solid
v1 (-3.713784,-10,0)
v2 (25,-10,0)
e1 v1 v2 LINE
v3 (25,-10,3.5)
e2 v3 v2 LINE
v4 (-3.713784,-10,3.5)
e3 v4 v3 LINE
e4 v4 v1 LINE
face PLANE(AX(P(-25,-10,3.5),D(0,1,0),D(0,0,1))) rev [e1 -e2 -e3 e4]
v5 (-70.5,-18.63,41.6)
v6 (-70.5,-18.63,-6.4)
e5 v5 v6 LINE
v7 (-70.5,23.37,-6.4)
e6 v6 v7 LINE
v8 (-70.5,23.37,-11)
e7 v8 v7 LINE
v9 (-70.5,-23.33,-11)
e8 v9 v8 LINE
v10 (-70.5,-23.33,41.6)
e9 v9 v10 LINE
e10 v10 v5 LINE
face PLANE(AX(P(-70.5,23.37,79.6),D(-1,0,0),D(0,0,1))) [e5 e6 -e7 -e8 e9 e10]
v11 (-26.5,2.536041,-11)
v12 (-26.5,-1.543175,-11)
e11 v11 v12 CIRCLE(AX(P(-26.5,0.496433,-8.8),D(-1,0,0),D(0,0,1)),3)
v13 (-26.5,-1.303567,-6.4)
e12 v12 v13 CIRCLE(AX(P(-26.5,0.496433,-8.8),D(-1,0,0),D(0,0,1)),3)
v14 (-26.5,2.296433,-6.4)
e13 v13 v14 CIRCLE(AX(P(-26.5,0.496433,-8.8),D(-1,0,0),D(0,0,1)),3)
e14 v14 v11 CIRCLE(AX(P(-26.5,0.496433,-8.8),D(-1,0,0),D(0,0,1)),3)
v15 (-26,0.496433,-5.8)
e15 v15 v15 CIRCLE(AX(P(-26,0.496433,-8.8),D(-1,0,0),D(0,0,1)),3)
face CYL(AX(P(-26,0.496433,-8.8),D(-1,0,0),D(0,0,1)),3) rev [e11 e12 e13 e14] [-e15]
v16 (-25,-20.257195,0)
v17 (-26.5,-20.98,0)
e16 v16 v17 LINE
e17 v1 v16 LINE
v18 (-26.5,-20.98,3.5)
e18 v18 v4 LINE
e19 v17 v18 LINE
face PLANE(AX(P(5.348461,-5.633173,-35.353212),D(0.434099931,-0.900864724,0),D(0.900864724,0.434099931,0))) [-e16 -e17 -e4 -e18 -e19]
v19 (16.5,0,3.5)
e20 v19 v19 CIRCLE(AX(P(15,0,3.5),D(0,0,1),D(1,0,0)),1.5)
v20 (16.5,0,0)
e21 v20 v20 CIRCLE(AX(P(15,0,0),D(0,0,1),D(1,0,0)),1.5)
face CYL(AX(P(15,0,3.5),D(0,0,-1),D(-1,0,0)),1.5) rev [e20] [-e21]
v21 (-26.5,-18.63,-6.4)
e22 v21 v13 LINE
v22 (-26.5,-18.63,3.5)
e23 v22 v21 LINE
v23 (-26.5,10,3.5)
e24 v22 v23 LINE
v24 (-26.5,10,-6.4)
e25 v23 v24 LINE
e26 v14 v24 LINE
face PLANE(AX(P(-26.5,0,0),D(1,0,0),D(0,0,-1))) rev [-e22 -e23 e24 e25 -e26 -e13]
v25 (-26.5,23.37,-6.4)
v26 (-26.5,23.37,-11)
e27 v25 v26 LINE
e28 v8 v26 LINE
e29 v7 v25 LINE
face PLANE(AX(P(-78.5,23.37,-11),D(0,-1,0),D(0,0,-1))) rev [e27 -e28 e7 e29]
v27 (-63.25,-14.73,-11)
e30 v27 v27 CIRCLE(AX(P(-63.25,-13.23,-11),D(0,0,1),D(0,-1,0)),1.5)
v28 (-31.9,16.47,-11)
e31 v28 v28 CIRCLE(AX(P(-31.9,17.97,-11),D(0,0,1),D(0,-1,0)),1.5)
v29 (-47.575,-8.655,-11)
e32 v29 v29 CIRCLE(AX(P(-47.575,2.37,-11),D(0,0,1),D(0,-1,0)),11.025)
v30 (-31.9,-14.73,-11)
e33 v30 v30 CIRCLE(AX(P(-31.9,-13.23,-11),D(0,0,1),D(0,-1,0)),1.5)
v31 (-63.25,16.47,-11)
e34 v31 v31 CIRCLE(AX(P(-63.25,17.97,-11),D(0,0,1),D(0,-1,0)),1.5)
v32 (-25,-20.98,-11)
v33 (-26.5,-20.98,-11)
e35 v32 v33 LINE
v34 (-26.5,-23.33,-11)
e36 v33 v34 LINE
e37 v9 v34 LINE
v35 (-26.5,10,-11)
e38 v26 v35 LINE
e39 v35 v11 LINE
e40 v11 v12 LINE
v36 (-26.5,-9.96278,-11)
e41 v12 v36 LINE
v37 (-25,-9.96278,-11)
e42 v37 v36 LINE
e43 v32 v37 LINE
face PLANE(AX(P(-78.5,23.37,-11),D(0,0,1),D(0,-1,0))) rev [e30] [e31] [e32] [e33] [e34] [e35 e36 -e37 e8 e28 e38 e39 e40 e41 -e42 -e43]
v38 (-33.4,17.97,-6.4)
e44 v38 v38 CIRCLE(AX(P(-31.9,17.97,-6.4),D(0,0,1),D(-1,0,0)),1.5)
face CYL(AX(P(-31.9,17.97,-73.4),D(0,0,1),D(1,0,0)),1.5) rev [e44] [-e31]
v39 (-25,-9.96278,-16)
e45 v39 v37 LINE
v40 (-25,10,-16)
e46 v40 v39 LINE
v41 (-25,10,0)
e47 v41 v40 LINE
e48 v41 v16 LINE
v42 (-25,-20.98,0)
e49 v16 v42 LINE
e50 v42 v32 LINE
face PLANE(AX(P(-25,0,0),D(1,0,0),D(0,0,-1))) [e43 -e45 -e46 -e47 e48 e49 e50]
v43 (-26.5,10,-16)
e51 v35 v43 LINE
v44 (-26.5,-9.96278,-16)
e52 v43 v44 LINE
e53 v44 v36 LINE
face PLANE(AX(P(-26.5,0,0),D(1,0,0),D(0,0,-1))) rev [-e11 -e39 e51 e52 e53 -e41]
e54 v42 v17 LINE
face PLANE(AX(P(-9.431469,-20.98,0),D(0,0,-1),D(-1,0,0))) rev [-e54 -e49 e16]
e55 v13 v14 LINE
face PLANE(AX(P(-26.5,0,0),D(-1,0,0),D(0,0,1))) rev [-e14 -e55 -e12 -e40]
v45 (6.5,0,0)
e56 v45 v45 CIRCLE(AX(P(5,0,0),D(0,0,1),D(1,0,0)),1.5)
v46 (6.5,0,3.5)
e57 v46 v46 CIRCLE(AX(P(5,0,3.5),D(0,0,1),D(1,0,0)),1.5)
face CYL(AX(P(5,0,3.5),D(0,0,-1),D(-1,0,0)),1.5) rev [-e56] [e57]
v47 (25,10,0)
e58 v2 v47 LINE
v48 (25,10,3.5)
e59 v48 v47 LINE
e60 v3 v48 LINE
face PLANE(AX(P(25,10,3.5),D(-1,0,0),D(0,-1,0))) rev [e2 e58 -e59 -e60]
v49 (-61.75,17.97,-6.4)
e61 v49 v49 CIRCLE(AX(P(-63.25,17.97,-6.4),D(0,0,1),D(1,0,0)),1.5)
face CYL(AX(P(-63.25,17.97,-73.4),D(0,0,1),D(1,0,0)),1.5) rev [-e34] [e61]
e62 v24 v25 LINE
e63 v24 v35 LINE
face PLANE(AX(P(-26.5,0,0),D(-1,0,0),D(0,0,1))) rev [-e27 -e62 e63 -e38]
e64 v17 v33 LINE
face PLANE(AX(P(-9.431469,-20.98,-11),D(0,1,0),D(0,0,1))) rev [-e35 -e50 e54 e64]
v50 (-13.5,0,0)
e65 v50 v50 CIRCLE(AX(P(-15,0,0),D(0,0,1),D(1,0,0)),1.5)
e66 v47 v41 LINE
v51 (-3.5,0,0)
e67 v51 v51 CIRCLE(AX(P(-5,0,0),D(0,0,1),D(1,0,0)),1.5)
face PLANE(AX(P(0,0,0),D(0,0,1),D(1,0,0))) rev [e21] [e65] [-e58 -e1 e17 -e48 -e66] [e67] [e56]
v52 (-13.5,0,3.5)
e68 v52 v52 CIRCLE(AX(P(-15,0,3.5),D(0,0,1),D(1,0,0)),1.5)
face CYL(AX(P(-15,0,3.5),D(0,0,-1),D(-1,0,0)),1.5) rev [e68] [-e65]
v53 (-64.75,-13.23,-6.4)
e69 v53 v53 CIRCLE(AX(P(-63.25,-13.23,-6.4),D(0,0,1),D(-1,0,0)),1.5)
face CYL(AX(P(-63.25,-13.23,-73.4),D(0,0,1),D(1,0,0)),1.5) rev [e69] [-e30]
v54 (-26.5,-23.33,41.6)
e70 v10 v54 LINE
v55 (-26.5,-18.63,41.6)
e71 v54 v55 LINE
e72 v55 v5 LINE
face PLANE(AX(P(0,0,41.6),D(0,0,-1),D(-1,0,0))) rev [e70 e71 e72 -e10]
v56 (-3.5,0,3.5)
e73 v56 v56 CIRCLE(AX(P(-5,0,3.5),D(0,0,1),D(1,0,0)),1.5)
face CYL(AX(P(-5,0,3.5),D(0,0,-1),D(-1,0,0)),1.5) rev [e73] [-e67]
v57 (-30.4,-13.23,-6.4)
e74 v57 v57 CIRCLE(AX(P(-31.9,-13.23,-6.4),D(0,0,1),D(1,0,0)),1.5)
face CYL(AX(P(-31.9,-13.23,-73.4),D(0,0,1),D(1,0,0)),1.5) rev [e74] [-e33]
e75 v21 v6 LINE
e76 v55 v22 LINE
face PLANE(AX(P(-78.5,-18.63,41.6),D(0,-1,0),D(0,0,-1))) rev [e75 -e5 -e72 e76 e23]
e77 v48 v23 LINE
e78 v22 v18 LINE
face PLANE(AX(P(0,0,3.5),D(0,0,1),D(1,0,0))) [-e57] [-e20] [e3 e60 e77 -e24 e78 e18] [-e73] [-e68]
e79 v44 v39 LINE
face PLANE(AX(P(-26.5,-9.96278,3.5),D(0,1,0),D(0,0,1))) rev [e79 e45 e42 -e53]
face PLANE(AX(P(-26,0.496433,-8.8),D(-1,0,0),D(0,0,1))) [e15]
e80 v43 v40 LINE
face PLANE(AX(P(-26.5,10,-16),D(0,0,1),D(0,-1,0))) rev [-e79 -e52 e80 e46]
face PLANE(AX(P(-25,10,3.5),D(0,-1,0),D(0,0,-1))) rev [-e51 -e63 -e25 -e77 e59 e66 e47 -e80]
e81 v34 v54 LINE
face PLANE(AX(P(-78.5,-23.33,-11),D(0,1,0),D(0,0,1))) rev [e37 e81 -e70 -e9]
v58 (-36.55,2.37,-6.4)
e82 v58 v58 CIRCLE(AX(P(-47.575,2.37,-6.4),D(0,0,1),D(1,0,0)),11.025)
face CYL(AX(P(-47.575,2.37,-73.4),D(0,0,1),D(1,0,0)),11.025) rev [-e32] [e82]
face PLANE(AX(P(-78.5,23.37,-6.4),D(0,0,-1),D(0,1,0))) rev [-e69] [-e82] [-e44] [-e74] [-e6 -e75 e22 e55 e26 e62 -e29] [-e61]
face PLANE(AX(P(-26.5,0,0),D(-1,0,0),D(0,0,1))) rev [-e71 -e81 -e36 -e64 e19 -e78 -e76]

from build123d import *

# Parameters (mm, degrees)
IZIM1_W                      = 50
IZIM1_H                      = 20
IZIM1_R                      = 1.5
Y_KSEKLIK_EKSTR_ZYON1_DEPTH  = 3.5
IZIM2_W                      = 19.5
IZIM2_H                      = 19.962779687
IZIM2_R                      = 2
Y_KSEKLIK_EKSTR_ZYON2_DEPTH  = 1.5
IZIM4_R                      = 3
KES_EKSTR_ZYON1_DEPTH        = 0.5
IZIM5_W                      = 4.6
IZIM5_H                      = 46.7
Y_KSEKLIK_EKSTR_ZYON3_DEPTH  = 52
IZIM6_W                      = 52
IZIM6_H                      = 4.7
Y_KSEKLIK_EKSTR_ZYON4_DEPTH  = 48
IZIM7_R                      = 2
Y_KSEKLIK_EKSTR_ZYON7_DEPTH  = 1
IZIM8_R                      = 1.5
IZIM8_R_2                    = 11.025
KES_EKSTR_ZYON3_DEPTH        = 67
IZIM9_W                      = 8
IZIM9_H                      = 52.582189456
KES_EKSTR_ZYON4_DEPTH        = 86
IZIM10_W                     = 8
IZIM10_H                     = 54.08264119
KES_EKSTR_ZYON5_DEPTH        = 86
Y_KSEKLIK_EKSTR_ZYON13_DEPTH = 3.5
IZIM13_W                     = 11
IZIM13_H                     = 11.017220313
Y_KSEKLIK_EKSTR_ZYON15_DEPTH = 1.5


with BuildPart() as part:
    # Çizim1 → Yükseklik-Ekstrüzyon1 (new body)
    with BuildSketch(Plane.XY):
        Rectangle(IZIM1_W, IZIM1_H)
        with Locations((-15, 0)):
            Circle(IZIM1_R, mode=Mode.SUBTRACT)
        with Locations((-5, 0)):
            Circle(IZIM1_R, mode=Mode.SUBTRACT)
        with Locations((5, 0)):
            Circle(IZIM1_R, mode=Mode.SUBTRACT)
        with Locations((15, 0)):
            Circle(IZIM1_R, mode=Mode.SUBTRACT)
    extrude(amount=Y_KSEKLIK_EKSTR_ZYON1_DEPTH)

    # Çizim2 → Yükseklik-Ekstrüzyon2 (add)
    with BuildSketch(Plane.ZY.offset(25)):
        with Locations((-6.25, 0.018610156)):
            Rectangle(IZIM2_W, IZIM2_H)
        with Locations((-8.8, 0.496433055)):
            Circle(IZIM2_R, mode=Mode.SUBTRACT)
    extrude(amount=Y_KSEKLIK_EKSTR_ZYON2_DEPTH)

    # Çizim4 → Kes-Ekstrüzyon1 (cut)
    with BuildSketch(Plane.ZY.offset(26.5)):
        with Locations((-8.8, 0.496433055)):
            Circle(IZIM4_R)
    extrude(amount=-KES_EKSTR_ZYON1_DEPTH, mode=Mode.SUBTRACT)

    # Çizim5 → Yükseklik-Ekstrüzyon3 (add)
    with BuildSketch(Plane.ZY.offset(26.5)):
        with Locations((-8.7, 0.02)):
            Rectangle(IZIM5_W, IZIM5_H)
    extrude(amount=Y_KSEKLIK_EKSTR_ZYON3_DEPTH)

    # Çizim6 → Yükseklik-Ekstrüzyon4 (add)
    with BuildSketch(Plane.XY.offset(-6.4)):
        with Locations((-52.5, -20.98)):
            Rectangle(IZIM6_W, IZIM6_H)
    extrude(amount=Y_KSEKLIK_EKSTR_ZYON4_DEPTH)

    # Çizim7 → Yükseklik-Ekstrüzyon7 (add)
    with BuildSketch(Plane(origin=(-25, 0, 0), x_dir=(0, 0, -1), z_dir=(1, 0, 0))):
        with Locations((8.8, 0.496433055)):
            Circle(IZIM7_R)
    extrude(amount=-Y_KSEKLIK_EKSTR_ZYON7_DEPTH)

    # Çizim8 → Kes-Ekstrüzyon3 (cut)
    with BuildSketch(Plane.XY.offset(-6.4)):
        with Locations((-31.9, -13.23)):
            Circle(IZIM8_R)
        with Locations((-63.25, -13.23)):
            Circle(IZIM8_R)
        with Locations((-31.9, 17.97)):
            Circle(IZIM8_R)
        with Locations((-63.25, 17.97)):
            Circle(IZIM8_R)
        with Locations((-47.575, 2.37)):
            Circle(IZIM8_R_2)
    extrude(amount=-KES_EKSTR_ZYON3_DEPTH, mode=Mode.SUBTRACT)

    # Çizim9 → Kes-Ekstrüzyon4 (cut)
    with BuildSketch(Plane.XY.offset(-6.4)):
        with Locations((-74.5, -2.921094728)):
            Rectangle(IZIM9_W, IZIM9_H)
    extrude(amount=KES_EKSTR_ZYON4_DEPTH, mode=Mode.SUBTRACT)

    # Çizim10 → Kes-Ekstrüzyon5 (cut)
    with BuildSketch(Plane.XY.offset(-6.4)):
        with Locations((-74.5, -3.671320595)):
            Rectangle(IZIM10_W, IZIM10_H)
    extrude(amount=-KES_EKSTR_ZYON5_DEPTH, mode=Mode.SUBTRACT)

    # Çizim12 → Yükseklik-Ekstrüzyon13 (add)
    with BuildSketch(Plane.XY.offset(3.5)):
        Polygon((-26.5, -20.98), (-26.5, -5.633173316), (5.348461145, -5.633173316), align=None)
    extrude(amount=-Y_KSEKLIK_EKSTR_ZYON13_DEPTH)

    # Çizim13 → Yükseklik-Ekstrüzyon15 (add)
    with BuildSketch(Plane(origin=(-26.5, 0, 0), x_dir=(0, 0, -1), z_dir=(1, 0, 0))):
        with Locations((5.5, -15.471389844)):
            Rectangle(IZIM13_W, IZIM13_H)
    extrude(amount=Y_KSEKLIK_EKSTR_ZYON15_DEPTH)


solid = part.part
